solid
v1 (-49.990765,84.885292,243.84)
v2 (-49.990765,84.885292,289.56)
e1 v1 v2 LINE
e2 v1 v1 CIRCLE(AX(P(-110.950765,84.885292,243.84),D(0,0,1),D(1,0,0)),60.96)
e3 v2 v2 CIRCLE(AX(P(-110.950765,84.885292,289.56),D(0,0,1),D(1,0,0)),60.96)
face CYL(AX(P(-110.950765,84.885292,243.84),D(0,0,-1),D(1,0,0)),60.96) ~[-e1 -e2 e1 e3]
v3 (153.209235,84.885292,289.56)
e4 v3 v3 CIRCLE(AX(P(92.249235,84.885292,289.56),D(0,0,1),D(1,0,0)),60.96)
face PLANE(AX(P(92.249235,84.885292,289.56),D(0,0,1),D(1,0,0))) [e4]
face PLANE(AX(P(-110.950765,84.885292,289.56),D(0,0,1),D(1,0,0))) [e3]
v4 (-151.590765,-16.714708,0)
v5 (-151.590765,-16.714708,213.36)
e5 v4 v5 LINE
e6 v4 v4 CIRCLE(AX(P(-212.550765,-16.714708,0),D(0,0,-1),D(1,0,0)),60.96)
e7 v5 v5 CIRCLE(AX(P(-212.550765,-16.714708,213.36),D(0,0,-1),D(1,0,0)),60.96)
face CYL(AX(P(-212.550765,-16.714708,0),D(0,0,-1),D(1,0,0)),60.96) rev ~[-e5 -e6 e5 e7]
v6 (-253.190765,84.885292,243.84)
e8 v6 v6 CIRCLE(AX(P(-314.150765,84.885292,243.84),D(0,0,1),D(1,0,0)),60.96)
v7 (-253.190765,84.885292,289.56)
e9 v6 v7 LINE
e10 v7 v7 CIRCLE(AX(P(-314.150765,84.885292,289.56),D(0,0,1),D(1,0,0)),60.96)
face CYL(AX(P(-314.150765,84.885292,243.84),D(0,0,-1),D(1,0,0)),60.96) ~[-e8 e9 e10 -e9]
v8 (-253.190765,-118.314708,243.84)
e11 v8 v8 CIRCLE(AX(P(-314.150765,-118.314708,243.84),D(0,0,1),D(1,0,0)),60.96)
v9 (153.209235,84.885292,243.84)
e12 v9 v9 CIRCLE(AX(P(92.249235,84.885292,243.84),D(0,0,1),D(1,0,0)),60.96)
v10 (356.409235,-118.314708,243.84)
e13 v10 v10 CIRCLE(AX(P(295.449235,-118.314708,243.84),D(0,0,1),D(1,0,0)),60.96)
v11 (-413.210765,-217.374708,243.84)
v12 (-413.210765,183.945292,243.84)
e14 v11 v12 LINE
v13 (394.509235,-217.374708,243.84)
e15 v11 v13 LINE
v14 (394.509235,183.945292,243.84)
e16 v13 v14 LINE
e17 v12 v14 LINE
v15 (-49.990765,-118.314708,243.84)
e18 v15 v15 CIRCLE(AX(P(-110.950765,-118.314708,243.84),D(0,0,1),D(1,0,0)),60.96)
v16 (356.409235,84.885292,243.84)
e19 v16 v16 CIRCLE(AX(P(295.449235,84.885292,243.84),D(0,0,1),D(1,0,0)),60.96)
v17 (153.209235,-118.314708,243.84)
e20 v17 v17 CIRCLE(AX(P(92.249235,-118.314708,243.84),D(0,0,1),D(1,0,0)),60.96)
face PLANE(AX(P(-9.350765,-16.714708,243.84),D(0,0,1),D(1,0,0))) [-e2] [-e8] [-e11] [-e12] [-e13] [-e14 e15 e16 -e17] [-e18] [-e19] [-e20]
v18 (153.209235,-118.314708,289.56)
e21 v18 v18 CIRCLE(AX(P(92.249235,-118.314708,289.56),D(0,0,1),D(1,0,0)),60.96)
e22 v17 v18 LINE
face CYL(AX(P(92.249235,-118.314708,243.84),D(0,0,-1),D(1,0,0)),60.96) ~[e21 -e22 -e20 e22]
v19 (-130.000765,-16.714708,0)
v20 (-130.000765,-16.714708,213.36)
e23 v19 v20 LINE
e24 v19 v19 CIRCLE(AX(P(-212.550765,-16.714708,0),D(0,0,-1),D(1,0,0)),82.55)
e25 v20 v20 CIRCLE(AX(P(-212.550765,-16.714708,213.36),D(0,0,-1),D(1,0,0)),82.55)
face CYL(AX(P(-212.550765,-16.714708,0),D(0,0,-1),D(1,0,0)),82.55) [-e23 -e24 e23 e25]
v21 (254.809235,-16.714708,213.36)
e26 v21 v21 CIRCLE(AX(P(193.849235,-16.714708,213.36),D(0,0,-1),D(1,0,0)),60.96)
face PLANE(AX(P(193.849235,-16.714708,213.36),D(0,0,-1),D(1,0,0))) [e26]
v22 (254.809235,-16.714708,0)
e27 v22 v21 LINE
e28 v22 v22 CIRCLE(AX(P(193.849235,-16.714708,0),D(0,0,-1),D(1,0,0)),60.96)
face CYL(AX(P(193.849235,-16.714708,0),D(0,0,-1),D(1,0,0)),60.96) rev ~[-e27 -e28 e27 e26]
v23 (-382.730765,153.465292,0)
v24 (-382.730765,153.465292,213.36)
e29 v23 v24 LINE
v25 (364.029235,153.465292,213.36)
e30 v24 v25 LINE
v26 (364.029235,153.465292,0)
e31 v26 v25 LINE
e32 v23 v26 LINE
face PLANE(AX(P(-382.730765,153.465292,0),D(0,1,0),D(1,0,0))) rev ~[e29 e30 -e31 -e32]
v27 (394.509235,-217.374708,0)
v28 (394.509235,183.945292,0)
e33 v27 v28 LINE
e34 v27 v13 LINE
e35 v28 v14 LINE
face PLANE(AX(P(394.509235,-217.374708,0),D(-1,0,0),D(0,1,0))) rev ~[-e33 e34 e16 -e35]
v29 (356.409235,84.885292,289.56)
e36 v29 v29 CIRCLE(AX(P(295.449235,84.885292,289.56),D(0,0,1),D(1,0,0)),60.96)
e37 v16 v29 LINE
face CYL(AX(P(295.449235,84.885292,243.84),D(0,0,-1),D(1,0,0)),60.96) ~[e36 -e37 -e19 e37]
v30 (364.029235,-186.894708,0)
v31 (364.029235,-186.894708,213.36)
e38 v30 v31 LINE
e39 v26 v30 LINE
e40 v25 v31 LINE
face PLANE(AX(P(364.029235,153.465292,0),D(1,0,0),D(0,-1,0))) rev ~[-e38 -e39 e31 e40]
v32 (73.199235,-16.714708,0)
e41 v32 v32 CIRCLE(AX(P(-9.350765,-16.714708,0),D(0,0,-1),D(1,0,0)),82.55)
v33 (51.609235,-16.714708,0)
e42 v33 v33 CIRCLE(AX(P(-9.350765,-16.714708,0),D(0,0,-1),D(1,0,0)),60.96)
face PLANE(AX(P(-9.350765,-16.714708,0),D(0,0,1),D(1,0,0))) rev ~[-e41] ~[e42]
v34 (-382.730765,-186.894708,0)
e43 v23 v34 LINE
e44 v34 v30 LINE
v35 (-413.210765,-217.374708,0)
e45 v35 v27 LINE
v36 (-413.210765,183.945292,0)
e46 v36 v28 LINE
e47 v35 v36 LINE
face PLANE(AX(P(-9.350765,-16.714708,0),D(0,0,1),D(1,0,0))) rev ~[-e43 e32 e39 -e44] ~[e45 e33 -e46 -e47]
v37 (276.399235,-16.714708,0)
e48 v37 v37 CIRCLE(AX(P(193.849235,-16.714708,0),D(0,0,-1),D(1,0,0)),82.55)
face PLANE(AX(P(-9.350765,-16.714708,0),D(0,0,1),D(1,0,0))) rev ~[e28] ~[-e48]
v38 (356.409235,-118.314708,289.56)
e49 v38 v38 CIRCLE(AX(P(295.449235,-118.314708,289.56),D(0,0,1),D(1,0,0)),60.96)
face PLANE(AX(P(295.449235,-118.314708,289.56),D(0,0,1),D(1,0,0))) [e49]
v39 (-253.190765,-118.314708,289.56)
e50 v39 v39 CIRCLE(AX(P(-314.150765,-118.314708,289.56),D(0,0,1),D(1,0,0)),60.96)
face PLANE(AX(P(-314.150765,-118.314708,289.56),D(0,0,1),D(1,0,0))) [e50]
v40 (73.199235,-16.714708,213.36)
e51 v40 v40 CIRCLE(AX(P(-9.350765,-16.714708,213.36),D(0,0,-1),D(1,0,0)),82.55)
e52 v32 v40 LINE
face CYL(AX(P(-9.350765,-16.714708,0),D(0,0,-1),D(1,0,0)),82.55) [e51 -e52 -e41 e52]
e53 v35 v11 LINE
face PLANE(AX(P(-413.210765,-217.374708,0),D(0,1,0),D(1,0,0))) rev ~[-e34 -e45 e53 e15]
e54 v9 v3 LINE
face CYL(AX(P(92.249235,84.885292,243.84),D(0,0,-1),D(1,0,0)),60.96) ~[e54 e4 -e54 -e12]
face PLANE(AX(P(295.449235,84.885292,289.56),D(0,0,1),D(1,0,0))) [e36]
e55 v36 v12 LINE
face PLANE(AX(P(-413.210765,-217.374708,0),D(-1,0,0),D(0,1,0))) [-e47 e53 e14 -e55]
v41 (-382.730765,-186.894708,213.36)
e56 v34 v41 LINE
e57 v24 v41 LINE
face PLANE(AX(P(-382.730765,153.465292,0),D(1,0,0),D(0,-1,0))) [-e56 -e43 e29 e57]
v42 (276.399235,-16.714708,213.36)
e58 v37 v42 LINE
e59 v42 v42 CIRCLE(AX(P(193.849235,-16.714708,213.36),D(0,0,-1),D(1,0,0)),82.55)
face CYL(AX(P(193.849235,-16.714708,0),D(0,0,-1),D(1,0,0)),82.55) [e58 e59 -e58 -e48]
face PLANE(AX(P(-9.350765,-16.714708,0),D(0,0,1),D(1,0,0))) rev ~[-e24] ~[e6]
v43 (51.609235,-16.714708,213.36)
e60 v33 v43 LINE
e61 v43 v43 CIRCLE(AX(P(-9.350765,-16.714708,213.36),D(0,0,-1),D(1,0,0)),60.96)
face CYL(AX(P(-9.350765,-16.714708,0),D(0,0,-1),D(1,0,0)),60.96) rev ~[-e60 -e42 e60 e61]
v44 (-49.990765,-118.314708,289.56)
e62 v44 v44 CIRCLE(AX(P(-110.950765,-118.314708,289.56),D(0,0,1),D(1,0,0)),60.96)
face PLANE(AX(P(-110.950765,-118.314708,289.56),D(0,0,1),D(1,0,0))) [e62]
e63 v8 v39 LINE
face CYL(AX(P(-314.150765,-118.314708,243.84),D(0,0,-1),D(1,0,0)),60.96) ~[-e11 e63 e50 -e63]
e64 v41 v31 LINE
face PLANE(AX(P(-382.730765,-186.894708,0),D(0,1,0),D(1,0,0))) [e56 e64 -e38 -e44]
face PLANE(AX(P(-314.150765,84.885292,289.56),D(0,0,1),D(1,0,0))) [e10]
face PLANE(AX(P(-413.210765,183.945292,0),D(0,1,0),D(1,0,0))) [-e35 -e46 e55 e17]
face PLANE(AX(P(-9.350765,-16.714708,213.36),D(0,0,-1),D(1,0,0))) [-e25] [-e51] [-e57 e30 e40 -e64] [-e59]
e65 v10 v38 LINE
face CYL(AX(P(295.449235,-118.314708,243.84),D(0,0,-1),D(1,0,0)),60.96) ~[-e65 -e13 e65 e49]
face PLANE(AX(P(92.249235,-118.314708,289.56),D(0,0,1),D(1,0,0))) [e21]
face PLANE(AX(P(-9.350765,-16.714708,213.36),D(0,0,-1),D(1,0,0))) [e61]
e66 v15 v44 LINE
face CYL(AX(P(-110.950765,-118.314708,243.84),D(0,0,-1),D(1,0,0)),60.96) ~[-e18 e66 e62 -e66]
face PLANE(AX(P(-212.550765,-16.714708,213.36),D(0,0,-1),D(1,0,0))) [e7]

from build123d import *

# Parameters (mm, degrees)
F0_W     = 807.72
F0_H     = 401.32
F1_DEPTH = 243.84
F2_R     = 60.96
F3_DEPTH = 45.72
F4_W     = 746.76
F4_H     = 340.36
F4_R     = 82.55
F4_R_2   = 60.96
F5_DEPTH = 213.36


with BuildPart() as f1:
    # F0 (on Top) → F1 (new body)
    with BuildSketch(Plane.XY):
        with Locations((-9.350765, -16.714708)):
            Rectangle(F0_W, F0_H)
    extrude(amount=F1_DEPTH)

    # F2 (on face) → F3 (join)
    with BuildSketch(Plane.XY.offset(243.84)):
        with Locations((-314.150765, 84.885292)):
            Circle(F2_R)
        with Locations((-314.150765, -118.314708)):
            Circle(F2_R)
        with Locations((-110.950765, 84.885292)):
            Circle(F2_R)
        with Locations((92.249235, 84.885292)):
            Circle(F2_R)
        with Locations((92.249235, -118.314708)):
            Circle(F2_R)
        with Locations((-110.950765, -118.314708)):
            Circle(F2_R)
        with Locations((295.449235, 84.885292)):
            Circle(F2_R)
        with Locations((295.449235, -118.314708)):
            Circle(F2_R)
    extrude(amount=F3_DEPTH)

    # F4 (on face) → F5 (cut)
    with BuildSketch(Plane(origin=(0, 0, 0), x_dir=(1, 0, 0), z_dir=(0, 0, -1))):
        with Locations((-9.350765, 16.714708)):
            Rectangle(F4_W, F4_H)
        with Locations((-212.550765, 16.714708)):
            Circle(F4_R, mode=Mode.SUBTRACT)
        with Locations((-9.350765, 16.714708)):
            Circle(F4_R, mode=Mode.SUBTRACT)
        with Locations((193.849235, 16.714708)):
            Circle(F4_R, mode=Mode.SUBTRACT)
        with Locations((-212.550765, 16.714708)):
            Circle(F4_R_2)
        with Locations((-9.350765, 16.714708)):
            Circle(F4_R_2)
        with Locations((193.849235, 16.714708)):
            Circle(F4_R_2)
    extrude(amount=-F5_DEPTH, mode=Mode.SUBTRACT)


solid = f1.part
